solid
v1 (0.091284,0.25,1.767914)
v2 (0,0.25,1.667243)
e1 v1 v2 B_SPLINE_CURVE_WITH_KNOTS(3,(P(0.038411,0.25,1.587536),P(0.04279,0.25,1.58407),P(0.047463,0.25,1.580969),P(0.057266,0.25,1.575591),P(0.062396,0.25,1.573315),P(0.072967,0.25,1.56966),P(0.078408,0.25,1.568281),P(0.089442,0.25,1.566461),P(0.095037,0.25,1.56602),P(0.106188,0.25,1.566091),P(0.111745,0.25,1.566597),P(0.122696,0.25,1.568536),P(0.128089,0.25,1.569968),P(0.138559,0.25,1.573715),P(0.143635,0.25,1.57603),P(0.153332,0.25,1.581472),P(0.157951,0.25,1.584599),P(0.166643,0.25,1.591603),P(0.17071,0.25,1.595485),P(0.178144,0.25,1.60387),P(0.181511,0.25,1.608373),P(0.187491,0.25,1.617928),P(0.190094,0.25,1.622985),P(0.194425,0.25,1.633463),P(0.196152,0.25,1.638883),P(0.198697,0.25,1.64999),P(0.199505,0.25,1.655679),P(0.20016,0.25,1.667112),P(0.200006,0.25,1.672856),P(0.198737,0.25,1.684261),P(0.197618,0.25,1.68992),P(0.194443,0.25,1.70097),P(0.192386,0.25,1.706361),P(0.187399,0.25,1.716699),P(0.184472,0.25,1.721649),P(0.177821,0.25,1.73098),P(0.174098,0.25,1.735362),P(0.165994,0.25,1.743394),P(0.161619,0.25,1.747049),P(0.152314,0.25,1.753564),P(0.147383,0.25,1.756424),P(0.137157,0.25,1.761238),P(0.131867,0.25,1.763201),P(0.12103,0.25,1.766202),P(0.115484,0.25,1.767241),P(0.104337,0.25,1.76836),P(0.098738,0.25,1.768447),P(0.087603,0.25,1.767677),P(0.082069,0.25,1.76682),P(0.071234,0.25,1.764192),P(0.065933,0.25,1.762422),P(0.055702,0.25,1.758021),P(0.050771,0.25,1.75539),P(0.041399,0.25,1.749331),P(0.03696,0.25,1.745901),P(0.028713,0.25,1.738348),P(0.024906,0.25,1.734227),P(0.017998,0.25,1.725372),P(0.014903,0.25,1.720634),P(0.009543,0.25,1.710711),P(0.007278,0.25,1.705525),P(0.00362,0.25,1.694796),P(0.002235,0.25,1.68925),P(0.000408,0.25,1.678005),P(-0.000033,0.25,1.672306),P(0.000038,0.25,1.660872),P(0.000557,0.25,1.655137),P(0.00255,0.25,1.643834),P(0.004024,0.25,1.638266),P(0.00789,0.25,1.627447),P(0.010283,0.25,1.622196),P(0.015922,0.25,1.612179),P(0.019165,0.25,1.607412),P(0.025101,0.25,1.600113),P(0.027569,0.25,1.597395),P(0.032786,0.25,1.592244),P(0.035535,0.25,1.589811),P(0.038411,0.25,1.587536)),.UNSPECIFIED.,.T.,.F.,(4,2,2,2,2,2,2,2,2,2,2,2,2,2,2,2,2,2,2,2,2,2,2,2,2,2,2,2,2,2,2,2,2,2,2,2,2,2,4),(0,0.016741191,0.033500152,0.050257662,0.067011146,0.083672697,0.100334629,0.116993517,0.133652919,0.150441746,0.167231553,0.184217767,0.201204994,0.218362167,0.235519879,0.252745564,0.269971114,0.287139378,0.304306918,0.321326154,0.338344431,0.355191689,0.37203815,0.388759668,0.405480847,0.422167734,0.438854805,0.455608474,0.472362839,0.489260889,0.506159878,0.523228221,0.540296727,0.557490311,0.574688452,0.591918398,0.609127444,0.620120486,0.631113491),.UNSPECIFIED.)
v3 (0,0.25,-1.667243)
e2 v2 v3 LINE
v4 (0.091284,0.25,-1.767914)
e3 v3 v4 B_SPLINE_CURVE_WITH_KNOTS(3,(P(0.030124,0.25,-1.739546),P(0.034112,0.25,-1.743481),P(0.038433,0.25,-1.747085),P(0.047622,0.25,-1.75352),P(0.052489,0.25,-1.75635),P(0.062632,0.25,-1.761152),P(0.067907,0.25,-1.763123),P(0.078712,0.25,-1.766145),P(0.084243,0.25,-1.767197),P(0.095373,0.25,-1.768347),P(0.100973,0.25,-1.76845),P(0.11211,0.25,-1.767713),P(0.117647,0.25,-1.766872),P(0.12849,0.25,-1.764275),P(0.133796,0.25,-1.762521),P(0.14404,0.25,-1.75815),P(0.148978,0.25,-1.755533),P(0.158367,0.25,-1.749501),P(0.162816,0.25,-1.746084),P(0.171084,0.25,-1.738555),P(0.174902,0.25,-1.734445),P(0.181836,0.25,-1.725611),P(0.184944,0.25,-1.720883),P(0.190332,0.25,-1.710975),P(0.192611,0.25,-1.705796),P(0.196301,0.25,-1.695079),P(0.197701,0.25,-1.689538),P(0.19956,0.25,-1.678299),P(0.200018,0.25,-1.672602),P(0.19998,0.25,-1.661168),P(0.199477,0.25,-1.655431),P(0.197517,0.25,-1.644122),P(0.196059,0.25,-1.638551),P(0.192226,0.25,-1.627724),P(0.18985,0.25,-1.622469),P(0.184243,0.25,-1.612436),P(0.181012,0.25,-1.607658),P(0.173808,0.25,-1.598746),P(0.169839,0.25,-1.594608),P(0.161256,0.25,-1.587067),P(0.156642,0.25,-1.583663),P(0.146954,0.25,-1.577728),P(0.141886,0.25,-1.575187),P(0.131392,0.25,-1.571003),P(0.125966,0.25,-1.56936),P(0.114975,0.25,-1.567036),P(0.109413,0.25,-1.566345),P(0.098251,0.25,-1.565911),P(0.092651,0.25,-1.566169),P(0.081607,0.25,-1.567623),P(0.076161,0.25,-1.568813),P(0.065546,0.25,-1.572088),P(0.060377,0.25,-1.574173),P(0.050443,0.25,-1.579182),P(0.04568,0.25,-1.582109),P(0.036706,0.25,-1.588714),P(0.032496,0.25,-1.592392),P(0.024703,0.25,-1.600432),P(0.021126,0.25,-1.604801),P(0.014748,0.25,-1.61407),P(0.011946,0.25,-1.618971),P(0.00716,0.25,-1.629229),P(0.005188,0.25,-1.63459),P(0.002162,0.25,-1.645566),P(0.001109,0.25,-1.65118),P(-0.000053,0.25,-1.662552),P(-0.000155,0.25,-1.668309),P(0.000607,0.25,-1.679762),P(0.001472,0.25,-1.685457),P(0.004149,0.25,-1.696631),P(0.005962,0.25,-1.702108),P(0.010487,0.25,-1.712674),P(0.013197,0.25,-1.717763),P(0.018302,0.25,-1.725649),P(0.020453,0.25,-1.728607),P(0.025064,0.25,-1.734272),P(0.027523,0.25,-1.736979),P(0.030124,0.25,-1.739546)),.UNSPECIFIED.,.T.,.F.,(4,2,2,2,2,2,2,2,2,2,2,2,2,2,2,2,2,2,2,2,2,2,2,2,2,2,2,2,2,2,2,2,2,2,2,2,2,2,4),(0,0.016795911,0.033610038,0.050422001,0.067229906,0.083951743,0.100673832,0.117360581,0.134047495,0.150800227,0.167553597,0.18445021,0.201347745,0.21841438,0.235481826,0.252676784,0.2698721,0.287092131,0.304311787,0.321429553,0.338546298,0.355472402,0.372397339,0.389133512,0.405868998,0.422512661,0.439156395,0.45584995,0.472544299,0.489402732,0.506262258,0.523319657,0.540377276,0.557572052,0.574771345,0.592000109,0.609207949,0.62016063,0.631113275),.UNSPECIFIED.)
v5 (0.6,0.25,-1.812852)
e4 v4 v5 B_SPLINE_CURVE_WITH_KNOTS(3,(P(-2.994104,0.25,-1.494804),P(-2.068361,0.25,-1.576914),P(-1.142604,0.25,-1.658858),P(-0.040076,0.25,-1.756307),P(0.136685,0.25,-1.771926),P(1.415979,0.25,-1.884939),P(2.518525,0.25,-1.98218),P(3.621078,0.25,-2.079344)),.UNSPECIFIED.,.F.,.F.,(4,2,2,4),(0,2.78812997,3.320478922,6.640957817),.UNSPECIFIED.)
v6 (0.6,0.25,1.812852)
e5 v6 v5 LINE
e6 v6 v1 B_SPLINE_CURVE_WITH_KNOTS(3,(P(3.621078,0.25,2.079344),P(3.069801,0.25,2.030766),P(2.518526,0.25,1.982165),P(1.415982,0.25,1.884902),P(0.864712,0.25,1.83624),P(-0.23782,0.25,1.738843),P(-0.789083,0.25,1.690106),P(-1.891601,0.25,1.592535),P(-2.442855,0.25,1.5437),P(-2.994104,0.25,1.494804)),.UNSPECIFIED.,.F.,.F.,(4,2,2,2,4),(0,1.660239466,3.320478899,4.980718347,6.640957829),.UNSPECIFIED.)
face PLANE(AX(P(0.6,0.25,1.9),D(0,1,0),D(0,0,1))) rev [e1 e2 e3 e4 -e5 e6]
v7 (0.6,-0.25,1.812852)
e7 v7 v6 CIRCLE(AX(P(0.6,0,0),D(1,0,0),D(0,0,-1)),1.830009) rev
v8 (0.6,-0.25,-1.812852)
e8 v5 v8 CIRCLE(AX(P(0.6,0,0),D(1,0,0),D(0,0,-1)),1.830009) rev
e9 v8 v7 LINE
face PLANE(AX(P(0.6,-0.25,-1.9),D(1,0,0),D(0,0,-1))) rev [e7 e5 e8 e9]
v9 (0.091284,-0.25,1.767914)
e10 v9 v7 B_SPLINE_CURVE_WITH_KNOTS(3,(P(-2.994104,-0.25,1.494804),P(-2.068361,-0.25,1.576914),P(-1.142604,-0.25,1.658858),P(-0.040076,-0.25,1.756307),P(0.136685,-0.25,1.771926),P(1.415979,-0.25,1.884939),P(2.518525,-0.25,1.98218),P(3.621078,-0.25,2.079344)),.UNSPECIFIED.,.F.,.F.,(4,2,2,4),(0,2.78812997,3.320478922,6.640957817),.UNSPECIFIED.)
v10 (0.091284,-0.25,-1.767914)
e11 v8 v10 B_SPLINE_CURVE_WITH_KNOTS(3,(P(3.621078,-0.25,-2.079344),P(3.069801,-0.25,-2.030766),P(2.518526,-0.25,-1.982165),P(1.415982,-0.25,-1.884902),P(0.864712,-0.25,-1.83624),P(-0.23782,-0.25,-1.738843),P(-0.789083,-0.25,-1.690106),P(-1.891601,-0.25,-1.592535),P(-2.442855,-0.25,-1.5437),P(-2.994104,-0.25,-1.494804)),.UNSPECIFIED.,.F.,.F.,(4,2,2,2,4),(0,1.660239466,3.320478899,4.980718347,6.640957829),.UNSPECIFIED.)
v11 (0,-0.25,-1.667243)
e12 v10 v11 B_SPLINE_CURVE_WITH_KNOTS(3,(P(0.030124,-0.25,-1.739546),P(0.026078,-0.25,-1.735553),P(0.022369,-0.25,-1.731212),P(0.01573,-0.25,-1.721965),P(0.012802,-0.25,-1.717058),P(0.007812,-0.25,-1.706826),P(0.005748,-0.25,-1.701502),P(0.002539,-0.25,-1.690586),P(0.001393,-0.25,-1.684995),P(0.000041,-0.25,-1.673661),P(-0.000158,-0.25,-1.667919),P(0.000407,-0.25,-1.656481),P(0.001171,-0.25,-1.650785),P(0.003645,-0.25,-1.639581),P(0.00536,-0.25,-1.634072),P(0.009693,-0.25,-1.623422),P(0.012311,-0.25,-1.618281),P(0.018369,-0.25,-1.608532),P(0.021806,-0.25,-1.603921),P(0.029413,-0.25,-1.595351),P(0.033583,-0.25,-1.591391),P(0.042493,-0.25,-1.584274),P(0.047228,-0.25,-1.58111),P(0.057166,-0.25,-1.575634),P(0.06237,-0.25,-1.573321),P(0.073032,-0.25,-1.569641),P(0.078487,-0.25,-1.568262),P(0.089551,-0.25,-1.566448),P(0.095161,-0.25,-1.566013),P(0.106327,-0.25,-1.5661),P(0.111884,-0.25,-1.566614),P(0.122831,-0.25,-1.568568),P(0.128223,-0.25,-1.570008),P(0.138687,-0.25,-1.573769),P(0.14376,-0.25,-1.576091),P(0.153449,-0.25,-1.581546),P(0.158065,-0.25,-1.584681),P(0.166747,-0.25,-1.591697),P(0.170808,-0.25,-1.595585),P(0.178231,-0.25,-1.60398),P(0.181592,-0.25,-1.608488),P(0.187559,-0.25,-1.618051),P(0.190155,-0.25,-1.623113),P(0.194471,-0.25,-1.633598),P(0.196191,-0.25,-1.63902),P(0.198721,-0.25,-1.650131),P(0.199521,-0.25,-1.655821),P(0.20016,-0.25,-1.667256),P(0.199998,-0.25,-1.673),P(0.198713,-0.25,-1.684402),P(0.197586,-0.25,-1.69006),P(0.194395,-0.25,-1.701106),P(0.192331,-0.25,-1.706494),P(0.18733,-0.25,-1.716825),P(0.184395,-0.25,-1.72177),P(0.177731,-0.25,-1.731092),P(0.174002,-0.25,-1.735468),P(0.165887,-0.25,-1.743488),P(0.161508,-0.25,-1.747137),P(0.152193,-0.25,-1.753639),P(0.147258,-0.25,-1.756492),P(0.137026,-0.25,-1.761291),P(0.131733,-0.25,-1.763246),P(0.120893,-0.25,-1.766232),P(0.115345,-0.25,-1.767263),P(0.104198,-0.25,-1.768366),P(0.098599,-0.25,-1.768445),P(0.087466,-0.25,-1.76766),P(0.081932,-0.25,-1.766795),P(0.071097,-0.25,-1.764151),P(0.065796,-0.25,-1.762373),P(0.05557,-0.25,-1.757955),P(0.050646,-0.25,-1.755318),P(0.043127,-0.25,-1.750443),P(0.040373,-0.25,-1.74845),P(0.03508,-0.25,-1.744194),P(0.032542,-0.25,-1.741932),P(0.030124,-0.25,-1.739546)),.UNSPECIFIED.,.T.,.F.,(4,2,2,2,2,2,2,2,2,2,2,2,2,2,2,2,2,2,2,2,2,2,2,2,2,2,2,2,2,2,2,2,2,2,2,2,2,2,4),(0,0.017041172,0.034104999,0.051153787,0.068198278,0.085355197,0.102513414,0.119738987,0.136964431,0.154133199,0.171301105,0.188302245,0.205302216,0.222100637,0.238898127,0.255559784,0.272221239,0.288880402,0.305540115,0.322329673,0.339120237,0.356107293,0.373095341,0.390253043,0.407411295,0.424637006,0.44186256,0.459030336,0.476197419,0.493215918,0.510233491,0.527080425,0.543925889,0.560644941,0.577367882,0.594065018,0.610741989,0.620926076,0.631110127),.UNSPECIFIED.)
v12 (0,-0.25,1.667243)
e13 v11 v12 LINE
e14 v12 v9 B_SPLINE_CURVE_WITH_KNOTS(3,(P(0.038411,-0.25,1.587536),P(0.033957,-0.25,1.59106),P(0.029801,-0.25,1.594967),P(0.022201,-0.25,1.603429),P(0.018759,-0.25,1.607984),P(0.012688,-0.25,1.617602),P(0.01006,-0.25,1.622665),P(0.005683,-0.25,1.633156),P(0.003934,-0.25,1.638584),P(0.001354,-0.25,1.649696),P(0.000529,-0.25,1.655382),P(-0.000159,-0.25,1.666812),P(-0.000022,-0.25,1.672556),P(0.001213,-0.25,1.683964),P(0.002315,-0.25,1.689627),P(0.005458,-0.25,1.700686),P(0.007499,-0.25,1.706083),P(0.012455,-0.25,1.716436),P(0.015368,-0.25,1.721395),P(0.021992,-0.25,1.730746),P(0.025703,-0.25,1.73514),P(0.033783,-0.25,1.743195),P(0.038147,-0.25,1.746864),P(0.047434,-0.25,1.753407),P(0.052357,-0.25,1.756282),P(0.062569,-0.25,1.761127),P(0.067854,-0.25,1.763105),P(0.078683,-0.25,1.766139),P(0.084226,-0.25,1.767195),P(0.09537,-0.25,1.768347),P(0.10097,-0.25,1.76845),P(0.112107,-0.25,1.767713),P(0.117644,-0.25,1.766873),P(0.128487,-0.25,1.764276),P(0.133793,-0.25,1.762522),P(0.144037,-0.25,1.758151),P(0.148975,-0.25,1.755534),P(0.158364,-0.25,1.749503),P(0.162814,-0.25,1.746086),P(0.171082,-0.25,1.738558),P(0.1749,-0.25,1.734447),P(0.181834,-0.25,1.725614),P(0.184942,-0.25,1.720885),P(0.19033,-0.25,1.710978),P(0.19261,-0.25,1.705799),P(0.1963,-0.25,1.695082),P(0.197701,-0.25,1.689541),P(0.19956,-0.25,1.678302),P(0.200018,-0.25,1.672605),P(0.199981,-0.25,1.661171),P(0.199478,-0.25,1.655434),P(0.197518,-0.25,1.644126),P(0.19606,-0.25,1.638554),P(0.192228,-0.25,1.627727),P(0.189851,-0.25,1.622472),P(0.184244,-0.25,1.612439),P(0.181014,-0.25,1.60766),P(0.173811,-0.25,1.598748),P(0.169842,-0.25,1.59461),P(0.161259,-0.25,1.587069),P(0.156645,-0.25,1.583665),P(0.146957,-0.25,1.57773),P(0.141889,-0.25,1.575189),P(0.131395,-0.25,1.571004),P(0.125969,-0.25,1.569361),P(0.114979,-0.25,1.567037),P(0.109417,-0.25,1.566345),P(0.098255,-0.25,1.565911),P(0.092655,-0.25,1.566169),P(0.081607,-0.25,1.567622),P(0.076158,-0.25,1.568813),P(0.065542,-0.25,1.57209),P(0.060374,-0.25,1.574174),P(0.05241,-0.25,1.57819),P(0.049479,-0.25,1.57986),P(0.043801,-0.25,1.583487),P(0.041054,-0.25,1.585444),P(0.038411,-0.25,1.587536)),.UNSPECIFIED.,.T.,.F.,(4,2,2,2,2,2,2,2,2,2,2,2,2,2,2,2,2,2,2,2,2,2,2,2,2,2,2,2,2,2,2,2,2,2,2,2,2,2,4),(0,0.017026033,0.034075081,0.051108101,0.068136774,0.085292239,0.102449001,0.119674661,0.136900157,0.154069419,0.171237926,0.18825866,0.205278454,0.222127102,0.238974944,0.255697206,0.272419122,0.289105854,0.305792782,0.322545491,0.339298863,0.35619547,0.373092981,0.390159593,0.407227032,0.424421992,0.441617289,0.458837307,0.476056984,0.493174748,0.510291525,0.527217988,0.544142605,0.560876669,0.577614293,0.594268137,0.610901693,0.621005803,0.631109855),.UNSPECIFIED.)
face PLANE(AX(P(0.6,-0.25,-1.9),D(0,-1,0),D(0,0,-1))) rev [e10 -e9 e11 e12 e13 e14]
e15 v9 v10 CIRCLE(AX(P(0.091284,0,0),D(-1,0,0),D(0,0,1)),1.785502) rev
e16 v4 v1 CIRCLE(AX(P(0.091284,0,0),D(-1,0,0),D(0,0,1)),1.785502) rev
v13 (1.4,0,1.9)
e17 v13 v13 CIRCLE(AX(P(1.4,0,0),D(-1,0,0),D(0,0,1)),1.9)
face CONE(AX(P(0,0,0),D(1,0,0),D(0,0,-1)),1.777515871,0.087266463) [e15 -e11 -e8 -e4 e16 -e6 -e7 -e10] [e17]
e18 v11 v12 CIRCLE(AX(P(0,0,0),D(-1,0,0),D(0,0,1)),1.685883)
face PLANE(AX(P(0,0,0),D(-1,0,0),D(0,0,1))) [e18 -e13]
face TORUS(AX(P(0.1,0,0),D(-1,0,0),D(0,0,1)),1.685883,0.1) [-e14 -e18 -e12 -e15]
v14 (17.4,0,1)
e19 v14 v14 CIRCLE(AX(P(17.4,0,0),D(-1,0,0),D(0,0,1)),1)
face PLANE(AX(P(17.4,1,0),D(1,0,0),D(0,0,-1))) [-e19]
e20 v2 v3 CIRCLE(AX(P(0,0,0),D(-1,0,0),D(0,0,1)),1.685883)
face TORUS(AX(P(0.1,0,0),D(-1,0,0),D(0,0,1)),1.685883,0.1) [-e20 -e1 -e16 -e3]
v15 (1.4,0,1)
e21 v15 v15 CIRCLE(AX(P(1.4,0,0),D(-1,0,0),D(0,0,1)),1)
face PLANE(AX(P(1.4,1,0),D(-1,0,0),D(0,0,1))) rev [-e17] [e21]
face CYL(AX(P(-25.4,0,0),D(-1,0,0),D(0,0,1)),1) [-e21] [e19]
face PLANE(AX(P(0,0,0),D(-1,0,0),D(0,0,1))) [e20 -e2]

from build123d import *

# Parameters (mm, degrees)
FILLET2_R  = 0.1
SKETCH2_W  = 3.8
SKETCH2_H  = 0.5
SLOT_DEPTH = 0.6


with BuildPart() as part:
    # BodySke → Base-Revolve (revolve)
    with BuildSketch(Plane.XY, mode=Mode.PRIVATE) as base_revolve_sk:
        Polygon((1.4, 1), (1.4, 1.9), (0, 1.777515871), (0, 0), (17.4, 0), (17.4, 1), align=None)
    revolve(base_revolve_sk.sketch.rotate(Axis((-25.4, 0, 0), (1, 0, 0)), 90), axis=Axis((-25.4, 0, 0), (1, 0, 0)))

    # Fillet2
    fillet2_edges = [part.edges().sort_by_distance(p)[0] for p in [
        (0, 0, -1.777515871),
    ]]
    fillet(fillet2_edges, radius=FILLET2_R)

    # Sketch2 → Slot (cut)
    with BuildSketch(Plane(origin=(0, 0, 0), x_dir=(0, 0, -1), z_dir=(1, 0, 0))):
        Rectangle(SKETCH2_W, SKETCH2_H)
    extrude(amount=SLOT_DEPTH, mode=Mode.SUBTRACT)


solid = part.part
